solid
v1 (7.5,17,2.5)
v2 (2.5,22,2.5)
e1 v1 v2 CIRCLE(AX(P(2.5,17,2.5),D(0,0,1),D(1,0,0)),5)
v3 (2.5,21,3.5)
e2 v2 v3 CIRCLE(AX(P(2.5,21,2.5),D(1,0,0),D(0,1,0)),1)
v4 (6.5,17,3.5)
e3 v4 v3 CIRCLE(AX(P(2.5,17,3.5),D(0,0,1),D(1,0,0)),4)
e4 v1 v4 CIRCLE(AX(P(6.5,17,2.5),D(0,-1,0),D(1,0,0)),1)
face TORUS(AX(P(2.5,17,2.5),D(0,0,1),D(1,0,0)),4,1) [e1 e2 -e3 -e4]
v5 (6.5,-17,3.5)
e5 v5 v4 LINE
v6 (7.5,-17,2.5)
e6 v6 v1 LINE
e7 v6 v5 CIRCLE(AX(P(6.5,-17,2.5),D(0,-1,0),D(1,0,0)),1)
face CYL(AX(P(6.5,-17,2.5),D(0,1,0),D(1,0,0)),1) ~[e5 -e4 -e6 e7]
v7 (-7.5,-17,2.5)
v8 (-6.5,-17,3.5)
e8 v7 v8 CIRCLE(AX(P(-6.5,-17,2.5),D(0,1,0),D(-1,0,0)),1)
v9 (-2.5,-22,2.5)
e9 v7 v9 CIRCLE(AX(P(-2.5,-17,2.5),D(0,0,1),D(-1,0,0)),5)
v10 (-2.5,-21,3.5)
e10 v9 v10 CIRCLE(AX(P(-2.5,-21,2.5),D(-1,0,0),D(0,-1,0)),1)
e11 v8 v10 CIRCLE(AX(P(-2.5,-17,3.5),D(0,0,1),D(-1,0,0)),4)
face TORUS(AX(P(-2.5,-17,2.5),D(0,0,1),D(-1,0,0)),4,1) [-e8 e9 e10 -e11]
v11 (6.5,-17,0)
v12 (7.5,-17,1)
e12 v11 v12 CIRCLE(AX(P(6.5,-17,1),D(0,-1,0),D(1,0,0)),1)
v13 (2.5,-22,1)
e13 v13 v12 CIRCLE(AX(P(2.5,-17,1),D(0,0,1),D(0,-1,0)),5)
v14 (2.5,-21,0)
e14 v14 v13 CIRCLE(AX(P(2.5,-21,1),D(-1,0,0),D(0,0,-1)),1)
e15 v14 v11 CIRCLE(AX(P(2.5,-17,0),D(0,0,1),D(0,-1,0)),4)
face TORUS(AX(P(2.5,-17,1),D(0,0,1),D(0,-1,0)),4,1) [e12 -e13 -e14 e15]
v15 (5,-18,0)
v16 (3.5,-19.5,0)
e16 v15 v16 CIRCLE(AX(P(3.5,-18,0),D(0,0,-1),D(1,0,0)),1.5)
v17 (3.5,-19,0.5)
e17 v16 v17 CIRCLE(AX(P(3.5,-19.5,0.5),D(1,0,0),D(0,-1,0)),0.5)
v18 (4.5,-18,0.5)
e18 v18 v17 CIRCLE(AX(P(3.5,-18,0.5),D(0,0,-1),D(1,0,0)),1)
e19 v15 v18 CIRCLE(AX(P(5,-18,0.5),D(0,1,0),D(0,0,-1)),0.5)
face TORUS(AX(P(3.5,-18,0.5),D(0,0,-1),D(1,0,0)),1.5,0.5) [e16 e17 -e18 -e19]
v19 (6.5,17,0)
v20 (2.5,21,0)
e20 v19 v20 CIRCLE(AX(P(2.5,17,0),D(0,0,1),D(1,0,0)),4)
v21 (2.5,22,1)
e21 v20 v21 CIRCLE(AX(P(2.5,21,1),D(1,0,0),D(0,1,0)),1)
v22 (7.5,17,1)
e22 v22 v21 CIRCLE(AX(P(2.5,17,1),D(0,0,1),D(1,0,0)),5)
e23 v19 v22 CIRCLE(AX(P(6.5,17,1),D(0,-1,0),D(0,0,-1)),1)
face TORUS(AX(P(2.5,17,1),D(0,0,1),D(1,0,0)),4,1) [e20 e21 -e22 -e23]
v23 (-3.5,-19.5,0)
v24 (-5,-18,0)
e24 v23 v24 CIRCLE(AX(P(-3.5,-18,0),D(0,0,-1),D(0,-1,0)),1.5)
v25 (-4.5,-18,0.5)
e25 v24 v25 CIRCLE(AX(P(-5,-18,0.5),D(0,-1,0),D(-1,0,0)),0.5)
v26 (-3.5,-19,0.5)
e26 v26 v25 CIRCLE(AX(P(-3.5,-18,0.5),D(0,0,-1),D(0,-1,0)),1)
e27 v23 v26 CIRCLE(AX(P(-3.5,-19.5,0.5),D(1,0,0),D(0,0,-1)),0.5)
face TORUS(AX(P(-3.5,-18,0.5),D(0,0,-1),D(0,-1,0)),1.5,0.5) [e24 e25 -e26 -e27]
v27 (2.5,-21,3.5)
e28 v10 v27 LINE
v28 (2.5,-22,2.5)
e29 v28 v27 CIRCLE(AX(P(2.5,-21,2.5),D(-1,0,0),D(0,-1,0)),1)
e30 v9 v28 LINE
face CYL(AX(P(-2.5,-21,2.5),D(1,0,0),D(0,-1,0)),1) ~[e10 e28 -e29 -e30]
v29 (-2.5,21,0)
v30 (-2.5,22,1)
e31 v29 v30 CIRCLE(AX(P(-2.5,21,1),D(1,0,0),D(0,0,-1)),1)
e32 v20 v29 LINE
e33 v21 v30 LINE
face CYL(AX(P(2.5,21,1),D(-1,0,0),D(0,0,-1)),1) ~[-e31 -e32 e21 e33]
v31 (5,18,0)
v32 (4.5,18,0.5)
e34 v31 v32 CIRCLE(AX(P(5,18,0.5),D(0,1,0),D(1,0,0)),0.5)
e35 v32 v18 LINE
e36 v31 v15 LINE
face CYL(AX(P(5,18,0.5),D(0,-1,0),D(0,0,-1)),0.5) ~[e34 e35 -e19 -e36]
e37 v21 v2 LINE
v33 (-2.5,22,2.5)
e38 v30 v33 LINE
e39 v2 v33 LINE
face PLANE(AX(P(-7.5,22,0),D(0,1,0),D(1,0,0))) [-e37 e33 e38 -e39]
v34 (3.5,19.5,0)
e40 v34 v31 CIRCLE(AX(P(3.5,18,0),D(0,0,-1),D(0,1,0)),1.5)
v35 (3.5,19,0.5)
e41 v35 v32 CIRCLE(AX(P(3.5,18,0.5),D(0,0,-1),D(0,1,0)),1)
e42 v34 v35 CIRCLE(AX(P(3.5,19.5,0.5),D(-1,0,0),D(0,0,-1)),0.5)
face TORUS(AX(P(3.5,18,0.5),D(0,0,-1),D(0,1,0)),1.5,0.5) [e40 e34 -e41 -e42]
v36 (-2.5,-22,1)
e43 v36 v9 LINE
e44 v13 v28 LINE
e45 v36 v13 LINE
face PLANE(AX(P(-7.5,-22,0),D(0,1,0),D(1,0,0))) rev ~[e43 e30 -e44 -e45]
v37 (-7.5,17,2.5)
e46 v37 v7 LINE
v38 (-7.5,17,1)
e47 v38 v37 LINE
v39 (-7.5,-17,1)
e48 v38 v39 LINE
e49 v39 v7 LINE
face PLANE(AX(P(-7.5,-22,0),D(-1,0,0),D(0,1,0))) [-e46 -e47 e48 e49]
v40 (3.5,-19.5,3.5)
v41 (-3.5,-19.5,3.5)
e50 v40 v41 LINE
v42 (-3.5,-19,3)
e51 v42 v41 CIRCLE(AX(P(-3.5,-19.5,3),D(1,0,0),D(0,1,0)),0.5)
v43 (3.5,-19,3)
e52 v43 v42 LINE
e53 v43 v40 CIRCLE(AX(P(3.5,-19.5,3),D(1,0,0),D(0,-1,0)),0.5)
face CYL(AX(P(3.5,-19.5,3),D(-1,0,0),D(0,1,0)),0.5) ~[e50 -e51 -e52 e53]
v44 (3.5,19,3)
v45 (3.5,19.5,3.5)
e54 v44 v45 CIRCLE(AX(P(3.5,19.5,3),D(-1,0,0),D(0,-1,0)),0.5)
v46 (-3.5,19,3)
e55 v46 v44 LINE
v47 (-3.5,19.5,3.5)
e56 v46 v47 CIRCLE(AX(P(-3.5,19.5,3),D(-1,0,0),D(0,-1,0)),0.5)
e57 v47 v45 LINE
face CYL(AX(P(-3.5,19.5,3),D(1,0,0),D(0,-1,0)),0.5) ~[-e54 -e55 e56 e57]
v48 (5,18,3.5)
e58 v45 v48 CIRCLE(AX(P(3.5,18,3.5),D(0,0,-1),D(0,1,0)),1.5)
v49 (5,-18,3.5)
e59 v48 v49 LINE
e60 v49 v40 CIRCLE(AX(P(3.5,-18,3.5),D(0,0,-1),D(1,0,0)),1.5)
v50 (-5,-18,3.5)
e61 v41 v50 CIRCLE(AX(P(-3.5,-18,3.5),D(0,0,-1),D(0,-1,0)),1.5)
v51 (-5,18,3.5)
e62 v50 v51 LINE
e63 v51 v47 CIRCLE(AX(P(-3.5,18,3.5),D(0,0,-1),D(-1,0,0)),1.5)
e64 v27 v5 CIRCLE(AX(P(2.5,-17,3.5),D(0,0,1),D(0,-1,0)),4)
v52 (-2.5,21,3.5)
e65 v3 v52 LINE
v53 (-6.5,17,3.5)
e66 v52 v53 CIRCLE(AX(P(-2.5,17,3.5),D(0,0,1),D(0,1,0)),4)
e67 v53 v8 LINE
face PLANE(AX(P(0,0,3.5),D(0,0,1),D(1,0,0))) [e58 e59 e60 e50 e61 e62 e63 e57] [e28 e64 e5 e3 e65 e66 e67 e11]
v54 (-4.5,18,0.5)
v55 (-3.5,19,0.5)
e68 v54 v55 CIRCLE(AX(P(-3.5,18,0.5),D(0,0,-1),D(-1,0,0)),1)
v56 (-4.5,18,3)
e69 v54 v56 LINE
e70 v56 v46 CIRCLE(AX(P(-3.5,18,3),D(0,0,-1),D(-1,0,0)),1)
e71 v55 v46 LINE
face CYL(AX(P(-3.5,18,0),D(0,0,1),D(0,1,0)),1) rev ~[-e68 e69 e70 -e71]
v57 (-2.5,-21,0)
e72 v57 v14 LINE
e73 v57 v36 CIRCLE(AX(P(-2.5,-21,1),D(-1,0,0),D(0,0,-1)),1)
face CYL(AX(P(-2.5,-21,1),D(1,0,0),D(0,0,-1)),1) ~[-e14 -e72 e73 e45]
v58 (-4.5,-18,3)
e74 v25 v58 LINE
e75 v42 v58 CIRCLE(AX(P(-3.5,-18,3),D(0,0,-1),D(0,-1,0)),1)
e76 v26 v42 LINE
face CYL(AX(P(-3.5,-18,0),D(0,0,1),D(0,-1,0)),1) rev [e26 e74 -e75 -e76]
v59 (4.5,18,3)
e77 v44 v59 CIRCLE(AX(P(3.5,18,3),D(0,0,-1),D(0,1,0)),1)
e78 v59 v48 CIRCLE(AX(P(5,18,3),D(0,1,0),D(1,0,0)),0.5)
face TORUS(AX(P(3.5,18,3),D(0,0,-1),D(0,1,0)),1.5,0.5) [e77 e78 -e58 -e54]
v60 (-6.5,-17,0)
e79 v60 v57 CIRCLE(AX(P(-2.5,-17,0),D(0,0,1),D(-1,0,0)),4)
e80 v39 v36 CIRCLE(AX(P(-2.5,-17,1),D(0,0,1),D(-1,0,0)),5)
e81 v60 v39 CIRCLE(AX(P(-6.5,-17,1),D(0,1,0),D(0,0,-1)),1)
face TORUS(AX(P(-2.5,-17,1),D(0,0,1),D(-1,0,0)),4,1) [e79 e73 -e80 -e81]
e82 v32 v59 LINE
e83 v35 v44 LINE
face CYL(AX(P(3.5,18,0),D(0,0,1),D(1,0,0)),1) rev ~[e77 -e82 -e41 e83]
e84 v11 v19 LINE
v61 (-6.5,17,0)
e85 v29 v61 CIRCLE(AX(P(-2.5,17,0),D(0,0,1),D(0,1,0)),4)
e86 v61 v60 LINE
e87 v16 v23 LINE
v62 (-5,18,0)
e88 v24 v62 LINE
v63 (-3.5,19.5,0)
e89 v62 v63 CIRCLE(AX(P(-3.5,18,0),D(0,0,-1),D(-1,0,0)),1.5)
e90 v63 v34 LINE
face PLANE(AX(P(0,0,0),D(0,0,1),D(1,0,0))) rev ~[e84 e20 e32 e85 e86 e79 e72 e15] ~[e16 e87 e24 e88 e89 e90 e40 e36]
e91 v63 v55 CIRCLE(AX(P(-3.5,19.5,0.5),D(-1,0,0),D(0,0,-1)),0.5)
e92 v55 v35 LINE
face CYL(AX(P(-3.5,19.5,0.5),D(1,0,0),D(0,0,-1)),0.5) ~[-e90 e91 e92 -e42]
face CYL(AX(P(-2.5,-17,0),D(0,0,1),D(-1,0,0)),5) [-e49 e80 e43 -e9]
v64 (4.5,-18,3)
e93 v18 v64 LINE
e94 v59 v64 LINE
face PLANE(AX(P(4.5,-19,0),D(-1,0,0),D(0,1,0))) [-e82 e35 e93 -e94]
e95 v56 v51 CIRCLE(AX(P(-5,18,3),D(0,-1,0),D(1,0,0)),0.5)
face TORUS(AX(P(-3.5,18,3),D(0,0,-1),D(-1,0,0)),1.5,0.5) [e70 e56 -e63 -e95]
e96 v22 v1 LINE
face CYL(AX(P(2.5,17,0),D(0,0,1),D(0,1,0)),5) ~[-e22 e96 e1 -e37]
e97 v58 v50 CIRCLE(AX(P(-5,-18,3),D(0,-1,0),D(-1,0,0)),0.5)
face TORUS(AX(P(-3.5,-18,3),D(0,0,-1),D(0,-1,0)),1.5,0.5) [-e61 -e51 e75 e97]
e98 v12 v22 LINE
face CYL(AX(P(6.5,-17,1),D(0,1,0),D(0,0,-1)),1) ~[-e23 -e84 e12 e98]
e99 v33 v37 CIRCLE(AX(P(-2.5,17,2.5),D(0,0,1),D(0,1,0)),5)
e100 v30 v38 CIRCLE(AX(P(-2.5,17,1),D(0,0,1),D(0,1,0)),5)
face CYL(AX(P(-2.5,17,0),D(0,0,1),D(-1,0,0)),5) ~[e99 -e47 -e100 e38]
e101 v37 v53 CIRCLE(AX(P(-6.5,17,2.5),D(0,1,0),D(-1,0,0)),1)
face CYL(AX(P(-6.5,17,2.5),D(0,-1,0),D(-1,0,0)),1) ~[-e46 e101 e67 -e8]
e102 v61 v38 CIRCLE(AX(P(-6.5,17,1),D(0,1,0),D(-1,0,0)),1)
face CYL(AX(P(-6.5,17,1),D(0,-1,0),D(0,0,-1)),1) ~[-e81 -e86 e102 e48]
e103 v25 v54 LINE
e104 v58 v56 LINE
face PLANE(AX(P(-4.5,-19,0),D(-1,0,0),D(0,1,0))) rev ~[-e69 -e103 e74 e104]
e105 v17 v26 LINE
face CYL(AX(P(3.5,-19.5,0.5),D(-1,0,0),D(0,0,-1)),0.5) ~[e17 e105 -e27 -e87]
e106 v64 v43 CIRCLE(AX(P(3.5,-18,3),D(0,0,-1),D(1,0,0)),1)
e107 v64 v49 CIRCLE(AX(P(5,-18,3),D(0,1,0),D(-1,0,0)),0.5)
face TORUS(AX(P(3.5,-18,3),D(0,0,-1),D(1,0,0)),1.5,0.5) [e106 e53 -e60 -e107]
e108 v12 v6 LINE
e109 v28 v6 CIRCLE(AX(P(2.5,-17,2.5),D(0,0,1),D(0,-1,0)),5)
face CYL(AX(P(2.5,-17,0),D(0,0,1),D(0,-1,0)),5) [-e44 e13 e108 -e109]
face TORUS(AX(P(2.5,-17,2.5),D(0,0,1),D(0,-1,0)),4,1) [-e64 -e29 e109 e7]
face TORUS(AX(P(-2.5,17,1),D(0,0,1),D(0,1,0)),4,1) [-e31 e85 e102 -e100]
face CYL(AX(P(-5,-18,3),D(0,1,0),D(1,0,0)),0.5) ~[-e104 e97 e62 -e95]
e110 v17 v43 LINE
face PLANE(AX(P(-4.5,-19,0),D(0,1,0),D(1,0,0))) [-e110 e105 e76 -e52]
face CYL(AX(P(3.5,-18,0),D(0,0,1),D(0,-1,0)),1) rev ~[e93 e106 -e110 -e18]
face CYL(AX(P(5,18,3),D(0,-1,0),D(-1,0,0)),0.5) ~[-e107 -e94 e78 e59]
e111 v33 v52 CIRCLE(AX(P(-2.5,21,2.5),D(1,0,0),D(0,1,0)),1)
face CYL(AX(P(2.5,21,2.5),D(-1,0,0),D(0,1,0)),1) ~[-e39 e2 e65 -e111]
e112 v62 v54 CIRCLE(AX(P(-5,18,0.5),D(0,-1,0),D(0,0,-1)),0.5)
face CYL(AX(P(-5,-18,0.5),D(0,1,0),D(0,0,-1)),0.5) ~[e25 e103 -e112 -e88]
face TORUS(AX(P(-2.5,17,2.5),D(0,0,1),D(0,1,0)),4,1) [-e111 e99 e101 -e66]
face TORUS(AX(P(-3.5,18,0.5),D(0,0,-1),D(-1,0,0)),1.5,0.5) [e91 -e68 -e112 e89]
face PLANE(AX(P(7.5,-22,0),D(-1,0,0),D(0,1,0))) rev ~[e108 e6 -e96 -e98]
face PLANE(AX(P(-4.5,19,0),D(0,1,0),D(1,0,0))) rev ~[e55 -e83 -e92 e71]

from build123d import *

# Parameters (mm, degrees)
F0_W     = 15
F0_H     = 44
F0_W_2   = 9
F0_H_2   = 38
F1_DEPTH = 3.5
F2_R     = 1
F3_R     = 5
F4_R     = 0.5
F5_R     = 1


with BuildPart() as f1:
    # F0 (on Top) → F1 (new body)
    with BuildSketch(Plane.XY):
        Rectangle(F0_W, F0_H)
        Rectangle(F0_W_2, F0_H_2, mode=Mode.SUBTRACT)
    extrude(amount=F1_DEPTH)

    # F2
    f2_edges = [f1.edges().sort_by_distance(p)[0] for p in [
        (4.5, 19, 1.75),
        (-4.5, 19, 1.75),
        (-4.5, -19, 1.75),
        (4.5, -19, 1.75),
    ]]
    fillet(f2_edges, radius=F2_R)

    # F3
    f3_edges = [f1.edges().sort_by_distance(p)[0] for p in [
        (-7.5, -22, 1.75),
        (7.5, -22, 1.75),
        (-7.5, 22, 1.75),
        (7.5, 22, 1.75),
    ]]
    fillet(f3_edges, radius=F3_R)

    # F4
    f4_edges = [f1.edges().sort_by_distance(p)[0] for p in [
        (0, 19, 0),
        (0, 19, 3.5),
    ]]
    fillet(f4_edges, radius=F4_R)

    # F5
    f5_edges = [f1.edges().sort_by_distance(p)[0] for p in [
        (0, -22, 3.5),
        (0, -22, 0),
    ]]
    fillet(f5_edges, radius=F5_R)


solid = f1.part
